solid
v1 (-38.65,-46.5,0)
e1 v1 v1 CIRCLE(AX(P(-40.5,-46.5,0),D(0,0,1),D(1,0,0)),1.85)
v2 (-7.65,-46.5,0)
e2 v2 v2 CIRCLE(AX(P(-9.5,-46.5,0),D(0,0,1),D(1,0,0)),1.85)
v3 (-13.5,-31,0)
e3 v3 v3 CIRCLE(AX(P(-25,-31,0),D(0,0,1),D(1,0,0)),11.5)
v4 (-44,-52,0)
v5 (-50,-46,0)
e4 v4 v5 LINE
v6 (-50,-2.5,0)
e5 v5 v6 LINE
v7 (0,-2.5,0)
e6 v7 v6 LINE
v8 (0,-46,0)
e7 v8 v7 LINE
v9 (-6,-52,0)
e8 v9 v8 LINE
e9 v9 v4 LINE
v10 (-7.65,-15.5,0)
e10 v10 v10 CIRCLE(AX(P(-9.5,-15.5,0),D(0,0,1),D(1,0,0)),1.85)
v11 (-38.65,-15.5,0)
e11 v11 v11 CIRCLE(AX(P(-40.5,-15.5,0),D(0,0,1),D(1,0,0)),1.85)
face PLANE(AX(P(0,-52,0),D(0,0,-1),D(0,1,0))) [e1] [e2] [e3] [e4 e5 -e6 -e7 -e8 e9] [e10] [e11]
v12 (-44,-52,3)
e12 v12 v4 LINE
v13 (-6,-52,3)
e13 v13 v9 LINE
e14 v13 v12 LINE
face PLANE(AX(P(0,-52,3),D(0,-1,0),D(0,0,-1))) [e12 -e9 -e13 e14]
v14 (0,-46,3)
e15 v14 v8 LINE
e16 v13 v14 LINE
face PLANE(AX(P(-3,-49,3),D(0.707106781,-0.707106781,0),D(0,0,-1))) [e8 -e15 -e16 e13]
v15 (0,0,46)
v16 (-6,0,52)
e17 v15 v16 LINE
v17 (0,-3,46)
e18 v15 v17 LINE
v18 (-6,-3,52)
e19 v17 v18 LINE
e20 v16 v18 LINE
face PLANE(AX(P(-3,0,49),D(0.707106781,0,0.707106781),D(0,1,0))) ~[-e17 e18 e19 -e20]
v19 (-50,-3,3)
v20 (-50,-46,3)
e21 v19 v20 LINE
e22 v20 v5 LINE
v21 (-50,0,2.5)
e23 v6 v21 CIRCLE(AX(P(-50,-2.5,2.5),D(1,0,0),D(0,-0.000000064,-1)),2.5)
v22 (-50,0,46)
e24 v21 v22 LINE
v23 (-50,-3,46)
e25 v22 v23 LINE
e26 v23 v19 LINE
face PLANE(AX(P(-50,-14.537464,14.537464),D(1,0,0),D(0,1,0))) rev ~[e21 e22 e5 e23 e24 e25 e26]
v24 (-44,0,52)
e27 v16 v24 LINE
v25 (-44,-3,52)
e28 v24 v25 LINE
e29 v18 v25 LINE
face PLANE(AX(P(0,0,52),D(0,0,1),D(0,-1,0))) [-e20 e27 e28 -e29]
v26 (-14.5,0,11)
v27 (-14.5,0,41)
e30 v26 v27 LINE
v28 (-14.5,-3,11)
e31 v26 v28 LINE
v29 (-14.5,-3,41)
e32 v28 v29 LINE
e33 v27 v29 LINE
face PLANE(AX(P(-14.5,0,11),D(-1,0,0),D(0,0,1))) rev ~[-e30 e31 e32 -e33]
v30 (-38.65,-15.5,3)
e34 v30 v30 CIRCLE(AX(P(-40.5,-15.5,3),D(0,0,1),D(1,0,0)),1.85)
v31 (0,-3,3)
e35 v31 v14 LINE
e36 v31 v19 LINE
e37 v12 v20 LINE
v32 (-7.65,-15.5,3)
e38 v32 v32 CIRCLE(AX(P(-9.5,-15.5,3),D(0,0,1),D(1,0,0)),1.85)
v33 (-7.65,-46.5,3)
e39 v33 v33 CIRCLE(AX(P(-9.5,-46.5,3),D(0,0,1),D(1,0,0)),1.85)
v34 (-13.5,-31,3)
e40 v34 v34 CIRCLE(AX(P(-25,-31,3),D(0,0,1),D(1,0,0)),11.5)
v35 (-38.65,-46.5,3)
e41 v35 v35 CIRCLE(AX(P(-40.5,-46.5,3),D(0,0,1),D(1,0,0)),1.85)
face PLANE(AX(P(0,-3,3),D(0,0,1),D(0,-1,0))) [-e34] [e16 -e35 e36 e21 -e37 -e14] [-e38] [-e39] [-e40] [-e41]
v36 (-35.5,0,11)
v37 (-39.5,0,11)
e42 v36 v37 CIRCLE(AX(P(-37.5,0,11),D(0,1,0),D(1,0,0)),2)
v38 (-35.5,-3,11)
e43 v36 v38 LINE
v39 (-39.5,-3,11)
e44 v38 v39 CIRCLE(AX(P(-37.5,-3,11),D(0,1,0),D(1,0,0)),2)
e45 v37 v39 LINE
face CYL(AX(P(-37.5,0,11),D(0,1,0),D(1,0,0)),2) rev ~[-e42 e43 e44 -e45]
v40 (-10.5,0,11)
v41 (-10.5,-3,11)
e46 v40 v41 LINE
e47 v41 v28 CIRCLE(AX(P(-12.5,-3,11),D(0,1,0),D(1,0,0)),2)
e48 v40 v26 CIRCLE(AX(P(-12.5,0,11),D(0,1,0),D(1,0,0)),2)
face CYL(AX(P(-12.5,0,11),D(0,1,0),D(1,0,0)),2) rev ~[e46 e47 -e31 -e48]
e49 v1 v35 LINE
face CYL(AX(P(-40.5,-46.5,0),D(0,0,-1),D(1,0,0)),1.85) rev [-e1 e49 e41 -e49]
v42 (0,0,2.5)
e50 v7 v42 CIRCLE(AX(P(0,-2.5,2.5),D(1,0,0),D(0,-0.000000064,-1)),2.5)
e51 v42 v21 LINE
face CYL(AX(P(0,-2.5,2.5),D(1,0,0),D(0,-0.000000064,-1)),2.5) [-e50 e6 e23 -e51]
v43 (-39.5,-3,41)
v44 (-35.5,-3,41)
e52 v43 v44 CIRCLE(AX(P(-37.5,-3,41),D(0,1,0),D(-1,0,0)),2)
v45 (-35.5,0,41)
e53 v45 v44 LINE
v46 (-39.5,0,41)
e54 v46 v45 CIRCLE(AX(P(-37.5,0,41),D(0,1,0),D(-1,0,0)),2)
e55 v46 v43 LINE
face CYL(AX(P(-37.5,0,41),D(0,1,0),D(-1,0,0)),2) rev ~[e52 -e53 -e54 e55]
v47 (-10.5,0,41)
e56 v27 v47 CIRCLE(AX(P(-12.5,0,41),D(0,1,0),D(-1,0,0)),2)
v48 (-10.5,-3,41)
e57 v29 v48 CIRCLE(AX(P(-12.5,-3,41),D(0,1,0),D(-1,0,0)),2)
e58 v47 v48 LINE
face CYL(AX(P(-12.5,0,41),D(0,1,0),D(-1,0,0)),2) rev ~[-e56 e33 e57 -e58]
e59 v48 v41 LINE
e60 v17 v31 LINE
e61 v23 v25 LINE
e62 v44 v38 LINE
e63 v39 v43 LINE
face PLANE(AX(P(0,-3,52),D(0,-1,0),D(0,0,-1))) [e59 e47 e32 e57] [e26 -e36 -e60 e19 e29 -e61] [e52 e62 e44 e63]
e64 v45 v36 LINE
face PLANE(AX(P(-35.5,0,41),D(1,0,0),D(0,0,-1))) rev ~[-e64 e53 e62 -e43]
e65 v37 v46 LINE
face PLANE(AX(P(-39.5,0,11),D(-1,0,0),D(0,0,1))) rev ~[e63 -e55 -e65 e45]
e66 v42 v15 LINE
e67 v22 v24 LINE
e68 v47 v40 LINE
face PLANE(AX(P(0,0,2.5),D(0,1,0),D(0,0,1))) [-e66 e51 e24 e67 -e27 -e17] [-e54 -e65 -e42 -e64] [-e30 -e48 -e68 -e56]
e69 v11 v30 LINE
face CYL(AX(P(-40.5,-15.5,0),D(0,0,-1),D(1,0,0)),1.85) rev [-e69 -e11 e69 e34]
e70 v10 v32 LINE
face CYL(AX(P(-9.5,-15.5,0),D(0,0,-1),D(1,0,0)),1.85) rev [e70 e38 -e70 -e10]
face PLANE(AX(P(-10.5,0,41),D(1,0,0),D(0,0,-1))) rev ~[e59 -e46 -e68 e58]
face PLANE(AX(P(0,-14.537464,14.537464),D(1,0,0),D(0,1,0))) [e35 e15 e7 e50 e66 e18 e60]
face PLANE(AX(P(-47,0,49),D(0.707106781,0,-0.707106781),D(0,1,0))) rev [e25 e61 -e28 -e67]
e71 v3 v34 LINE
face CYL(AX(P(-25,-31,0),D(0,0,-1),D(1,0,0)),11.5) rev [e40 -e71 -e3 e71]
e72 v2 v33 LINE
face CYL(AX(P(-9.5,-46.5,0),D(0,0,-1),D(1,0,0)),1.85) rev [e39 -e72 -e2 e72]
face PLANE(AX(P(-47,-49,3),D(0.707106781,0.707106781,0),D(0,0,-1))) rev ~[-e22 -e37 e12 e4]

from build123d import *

# Parameters (mm, degrees)
F1_DEPTH = 50
F2_R     = 11.5
F2_R_2   = 1.85
F3_DEPTH = 3
F4_SIZE  = 6
F6_DEPTH = 3


with BuildPart() as f1:
    # F0 (on Right) → F1 (new body)
    with BuildSketch(Plane.YZ):
        with BuildLine():
            Line((-52, 3), (-52, 0))
            Line((-52, 0), (-2.5, 0))
            ThreePointArc((-2.5, 0), (-0.732233, 0.732233), (0, 2.5))
            Line((0, 2.5), (0, 52))
            Line((0, 52), (-3, 52))
            Line((-3, 52), (-3, 3))
            Line((-3, 3), (-52, 3))
        make_face()
    extrude(amount=-F1_DEPTH)

    # F2 (on Top) → F3 (cut)
    with BuildSketch(Plane.XY):
        with Locations((-25, -31)):
            Circle(F2_R)
        with Locations((-9.5, -46.5)):
            Circle(F2_R_2)
        with Locations((-9.5, -15.5)):
            Circle(F2_R_2)
        with Locations((-40.5, -46.5)):
            Circle(F2_R_2)
        with Locations((-40.5, -15.5)):
            Circle(F2_R_2)
    extrude(amount=F3_DEPTH, mode=Mode.SUBTRACT)

    # F4
    f4_edges = [f1.edges().sort_by_distance(p)[0] for p in [
        (0, -52, 1.5),
        (-50, -52, 1.5),
        (0, -1.5, 52),
        (-50, -1.5, 52),
    ]]
    chamfer(f4_edges, length=F4_SIZE)

    # F5 (on face) → F6 (cut)
    with BuildSketch(Plane(origin=(0, 0, 0), x_dir=(-1, 0, 0), z_dir=(0, 1, 0))):
        with BuildLine():
            Line((39.5, 11), (39.5, 41))
            ThreePointArc((39.5, 41), (37.5, 43), (35.5, 41))
            Line((35.5, 41), (35.5, 11))
            ThreePointArc((35.5, 11), (37.5, 9), (39.5, 11))
        make_face()
        with BuildLine():
            ThreePointArc((14.5, 41), (12.5, 43), (10.5, 41))
            Line((10.5, 41), (10.5, 11))
            ThreePointArc((10.5, 11), (12.5, 9), (14.5, 11))
            Line((14.5, 11), (14.5, 41))
        make_face()
    extrude(amount=-F6_DEPTH, mode=Mode.SUBTRACT)


solid = f1.part
